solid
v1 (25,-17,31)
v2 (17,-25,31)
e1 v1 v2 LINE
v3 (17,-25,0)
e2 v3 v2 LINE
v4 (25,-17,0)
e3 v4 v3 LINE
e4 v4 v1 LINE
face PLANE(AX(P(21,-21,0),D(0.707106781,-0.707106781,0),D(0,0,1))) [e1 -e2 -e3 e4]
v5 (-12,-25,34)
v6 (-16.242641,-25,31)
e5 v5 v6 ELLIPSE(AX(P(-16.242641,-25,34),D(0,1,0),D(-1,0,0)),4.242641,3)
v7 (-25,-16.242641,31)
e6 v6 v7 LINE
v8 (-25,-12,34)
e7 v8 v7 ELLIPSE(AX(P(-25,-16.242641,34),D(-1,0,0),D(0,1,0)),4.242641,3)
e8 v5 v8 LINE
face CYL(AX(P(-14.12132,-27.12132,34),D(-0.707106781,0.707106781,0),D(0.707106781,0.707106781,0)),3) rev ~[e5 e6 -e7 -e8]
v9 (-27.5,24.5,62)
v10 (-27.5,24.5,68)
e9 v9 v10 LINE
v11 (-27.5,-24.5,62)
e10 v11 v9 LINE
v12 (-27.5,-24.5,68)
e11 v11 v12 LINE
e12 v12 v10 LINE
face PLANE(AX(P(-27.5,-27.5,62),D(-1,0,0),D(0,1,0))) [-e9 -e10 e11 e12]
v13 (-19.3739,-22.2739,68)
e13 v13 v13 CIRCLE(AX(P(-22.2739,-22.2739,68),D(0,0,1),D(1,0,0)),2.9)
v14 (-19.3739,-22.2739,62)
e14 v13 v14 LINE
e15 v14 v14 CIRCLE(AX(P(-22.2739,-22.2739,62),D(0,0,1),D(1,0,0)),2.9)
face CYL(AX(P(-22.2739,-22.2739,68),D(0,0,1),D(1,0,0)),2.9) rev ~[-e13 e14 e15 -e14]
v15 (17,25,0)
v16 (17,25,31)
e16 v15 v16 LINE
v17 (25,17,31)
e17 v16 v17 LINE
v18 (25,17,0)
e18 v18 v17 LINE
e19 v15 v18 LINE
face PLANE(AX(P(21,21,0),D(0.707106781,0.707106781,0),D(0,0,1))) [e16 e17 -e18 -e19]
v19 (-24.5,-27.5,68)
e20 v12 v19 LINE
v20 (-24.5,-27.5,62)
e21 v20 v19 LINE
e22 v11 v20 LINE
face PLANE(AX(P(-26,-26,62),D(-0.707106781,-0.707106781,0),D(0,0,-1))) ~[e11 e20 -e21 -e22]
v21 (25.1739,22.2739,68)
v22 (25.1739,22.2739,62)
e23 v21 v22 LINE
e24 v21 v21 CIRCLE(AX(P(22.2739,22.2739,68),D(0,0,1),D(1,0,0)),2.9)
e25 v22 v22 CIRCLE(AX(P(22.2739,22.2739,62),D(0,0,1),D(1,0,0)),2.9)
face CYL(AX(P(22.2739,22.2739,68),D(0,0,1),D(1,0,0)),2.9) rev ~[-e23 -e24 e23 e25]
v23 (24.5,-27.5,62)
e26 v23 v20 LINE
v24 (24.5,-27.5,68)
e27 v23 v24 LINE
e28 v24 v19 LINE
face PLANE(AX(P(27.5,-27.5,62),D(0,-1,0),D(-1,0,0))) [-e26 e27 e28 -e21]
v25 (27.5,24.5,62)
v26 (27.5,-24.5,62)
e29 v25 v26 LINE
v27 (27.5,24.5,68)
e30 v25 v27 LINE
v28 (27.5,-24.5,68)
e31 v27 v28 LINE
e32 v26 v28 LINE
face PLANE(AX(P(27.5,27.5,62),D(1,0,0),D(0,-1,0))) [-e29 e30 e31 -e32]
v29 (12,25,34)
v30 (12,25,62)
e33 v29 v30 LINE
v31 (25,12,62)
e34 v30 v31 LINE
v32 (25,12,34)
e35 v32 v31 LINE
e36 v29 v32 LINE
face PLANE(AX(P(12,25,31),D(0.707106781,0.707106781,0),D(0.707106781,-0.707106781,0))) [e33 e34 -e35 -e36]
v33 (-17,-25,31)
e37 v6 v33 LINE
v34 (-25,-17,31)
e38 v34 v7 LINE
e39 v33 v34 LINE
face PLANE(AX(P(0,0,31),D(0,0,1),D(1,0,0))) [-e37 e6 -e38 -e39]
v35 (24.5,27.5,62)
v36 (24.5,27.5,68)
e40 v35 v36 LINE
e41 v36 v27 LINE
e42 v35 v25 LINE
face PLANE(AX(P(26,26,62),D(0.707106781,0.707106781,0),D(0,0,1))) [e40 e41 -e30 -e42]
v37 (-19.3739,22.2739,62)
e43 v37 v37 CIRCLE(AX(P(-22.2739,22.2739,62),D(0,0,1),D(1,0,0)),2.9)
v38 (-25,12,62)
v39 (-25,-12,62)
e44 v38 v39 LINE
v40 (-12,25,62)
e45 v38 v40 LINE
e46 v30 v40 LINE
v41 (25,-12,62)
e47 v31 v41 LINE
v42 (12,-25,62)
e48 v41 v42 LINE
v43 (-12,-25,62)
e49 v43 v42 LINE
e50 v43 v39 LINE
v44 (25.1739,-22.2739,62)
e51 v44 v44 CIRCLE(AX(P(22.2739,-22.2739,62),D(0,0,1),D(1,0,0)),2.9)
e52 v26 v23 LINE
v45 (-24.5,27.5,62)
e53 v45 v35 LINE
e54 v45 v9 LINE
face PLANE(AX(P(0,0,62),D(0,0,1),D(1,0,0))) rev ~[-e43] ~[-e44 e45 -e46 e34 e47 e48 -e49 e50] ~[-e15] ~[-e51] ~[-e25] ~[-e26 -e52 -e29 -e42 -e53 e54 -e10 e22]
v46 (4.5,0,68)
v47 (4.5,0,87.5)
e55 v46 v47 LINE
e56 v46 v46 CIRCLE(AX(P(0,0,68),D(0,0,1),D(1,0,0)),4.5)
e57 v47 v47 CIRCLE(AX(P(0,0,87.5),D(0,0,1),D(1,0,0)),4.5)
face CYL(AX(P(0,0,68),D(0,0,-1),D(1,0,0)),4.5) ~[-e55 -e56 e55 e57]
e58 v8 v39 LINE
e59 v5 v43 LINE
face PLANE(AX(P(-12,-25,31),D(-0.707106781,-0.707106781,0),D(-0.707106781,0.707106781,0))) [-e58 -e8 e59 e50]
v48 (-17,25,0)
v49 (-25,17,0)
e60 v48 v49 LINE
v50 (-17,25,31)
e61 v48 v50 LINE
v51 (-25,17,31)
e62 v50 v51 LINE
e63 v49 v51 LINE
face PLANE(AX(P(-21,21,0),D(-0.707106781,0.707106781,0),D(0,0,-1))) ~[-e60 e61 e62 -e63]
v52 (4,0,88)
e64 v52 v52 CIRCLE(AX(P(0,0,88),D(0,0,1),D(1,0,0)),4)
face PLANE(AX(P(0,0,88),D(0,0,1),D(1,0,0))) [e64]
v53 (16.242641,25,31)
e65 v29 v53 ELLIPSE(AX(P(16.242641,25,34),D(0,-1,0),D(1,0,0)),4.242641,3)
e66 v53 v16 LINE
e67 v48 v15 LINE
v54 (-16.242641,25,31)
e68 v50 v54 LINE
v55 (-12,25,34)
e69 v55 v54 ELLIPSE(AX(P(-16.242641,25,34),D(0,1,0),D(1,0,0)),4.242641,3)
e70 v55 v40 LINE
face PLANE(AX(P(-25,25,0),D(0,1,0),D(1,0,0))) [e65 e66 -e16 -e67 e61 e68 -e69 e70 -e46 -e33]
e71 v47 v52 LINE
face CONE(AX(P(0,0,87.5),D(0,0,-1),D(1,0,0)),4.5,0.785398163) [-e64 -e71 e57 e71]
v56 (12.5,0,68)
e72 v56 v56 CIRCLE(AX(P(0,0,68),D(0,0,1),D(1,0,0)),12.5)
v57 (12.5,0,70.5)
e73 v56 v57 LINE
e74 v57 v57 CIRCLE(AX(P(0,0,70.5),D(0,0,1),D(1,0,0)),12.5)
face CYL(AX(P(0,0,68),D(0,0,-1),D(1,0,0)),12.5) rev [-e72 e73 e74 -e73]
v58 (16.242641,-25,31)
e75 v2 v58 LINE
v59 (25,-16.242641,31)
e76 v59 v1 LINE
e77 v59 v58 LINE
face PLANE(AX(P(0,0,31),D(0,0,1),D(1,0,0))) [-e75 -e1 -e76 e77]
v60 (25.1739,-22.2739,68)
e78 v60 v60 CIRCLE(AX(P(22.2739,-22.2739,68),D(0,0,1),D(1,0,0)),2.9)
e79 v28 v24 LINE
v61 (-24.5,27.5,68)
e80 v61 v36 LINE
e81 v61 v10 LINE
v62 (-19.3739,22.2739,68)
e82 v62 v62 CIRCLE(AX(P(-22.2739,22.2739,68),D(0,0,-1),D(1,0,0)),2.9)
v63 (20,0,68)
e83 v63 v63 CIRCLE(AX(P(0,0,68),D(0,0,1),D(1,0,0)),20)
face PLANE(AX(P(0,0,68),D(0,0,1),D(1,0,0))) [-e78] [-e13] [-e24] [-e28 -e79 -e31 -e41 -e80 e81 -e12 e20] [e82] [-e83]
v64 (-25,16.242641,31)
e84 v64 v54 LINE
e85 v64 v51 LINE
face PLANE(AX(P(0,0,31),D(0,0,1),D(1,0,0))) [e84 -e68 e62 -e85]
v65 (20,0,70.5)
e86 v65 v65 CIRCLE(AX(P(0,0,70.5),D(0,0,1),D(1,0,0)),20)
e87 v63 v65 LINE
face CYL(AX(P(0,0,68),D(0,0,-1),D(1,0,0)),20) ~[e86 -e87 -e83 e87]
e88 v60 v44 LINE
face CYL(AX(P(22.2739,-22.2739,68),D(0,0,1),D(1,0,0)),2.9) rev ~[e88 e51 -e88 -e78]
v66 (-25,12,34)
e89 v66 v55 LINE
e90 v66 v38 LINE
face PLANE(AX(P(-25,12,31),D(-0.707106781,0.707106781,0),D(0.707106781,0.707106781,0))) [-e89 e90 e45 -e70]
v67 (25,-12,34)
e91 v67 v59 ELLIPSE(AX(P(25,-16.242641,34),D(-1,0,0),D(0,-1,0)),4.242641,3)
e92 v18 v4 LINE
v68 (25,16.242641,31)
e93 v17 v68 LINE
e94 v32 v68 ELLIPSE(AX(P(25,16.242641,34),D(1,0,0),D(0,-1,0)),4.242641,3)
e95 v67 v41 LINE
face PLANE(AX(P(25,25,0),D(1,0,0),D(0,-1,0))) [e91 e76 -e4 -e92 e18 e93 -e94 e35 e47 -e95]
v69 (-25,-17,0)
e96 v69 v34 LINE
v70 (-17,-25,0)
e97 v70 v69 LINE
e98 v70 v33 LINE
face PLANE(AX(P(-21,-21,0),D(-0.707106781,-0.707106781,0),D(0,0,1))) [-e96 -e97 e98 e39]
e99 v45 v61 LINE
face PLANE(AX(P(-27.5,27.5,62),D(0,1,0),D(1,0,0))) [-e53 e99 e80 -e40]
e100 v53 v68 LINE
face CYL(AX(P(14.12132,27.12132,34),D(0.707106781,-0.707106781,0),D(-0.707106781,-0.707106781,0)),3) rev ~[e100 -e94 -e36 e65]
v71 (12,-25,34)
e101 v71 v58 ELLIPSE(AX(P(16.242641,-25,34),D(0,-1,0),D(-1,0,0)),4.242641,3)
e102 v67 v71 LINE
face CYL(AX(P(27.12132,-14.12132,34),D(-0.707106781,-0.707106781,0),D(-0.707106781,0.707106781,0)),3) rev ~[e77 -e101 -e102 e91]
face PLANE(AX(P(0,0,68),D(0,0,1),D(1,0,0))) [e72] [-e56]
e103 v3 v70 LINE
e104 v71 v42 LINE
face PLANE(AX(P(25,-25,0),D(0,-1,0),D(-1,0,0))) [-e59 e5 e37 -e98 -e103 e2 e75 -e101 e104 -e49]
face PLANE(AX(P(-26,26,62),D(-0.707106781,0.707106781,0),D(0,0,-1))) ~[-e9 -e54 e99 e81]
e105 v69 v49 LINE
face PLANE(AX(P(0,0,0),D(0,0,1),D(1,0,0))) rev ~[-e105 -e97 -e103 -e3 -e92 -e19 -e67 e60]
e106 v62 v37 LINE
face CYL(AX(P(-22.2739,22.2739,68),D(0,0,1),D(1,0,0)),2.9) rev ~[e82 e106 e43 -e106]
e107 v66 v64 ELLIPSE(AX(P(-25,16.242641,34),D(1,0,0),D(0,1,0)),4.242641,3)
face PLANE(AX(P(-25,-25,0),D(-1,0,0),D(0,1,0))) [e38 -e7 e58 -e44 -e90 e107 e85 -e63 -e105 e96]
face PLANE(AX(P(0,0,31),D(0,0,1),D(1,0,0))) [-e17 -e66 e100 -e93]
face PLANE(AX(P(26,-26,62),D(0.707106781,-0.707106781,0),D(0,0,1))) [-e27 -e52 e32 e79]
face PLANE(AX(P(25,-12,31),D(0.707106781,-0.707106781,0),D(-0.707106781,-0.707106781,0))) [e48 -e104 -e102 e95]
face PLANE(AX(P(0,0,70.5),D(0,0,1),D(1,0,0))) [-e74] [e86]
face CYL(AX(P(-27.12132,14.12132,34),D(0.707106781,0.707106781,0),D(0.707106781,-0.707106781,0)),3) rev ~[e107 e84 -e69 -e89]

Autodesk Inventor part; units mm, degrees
ref_plane "YZ Plane" through (0, 0, 0) normal (1, 0, 0) x (0, 1, 0)
ref_plane "XZ Plane" through (0, 0, 0) normal (0, 1, 0) x (-1, 0, 0)
ref_plane "XY Plane" through (0, 0, 0) normal (0, 0, 1) x (1, 0, 0)
sketch "Esquisse1" plane through (0, 0, 0) normal (0, 0, 1) x (1, 0, 0)
  line L0 (-25, 25) -> (25, 25)
  line L1 (25, 25) -> (25, -25)
  line L2 (25, -25) -> (-25, -25)
  line L3 (-25, -25) -> (-25, 25)
  point P0 (0, 0)
  dimension "d0" = 50
  dimension "d1" = 25
  dimension "d2" = 50
  dimension "d3" = 25
extrude "Extrusion1" add sketch "Esquisse1" along normal blind 31
chamfer "Chanfrein1" distance 8 angle 45 4 edges at (25, 25, 15.5) (-25, 25, 15.5) (-25, -25, 15.5) (25, -25, 15.5)
sketch "Esquisse4" plane through (0, 0, 31) normal (0, 0, 1) x (1, 0, 0)
  line L0 (17, 25) -> (-17, 25) projected
  line L1 (-12, 25) -> (12, 25)
  line L2 (25, 17) -> (25, -17) projected
  line L3 (25, 12) -> (25, -12)
  line L4 (-17, -25) -> (17, -25) projected
  line L5 (12, -25) -> (-12, -25)
  line L6 (-25, 17) -> (-25, -17) projected
  line L7 (-25, -12) -> (-25, 12)
  line L8 (-25, 12) -> (-12, 25)
  line L9 (12, 25) -> (25, 12)
  line L10 (17, 25) -> (25, 17) projected
  line L11 (25, -12) -> (12, -25)
  line L12 (-12, -25) -> (-25, -12)
  point P0 (0, 0)
  dimension "d11" = 24
  dimension "d12" = 24
  dimension "d13" = 24
  dimension "d14" = 24
  dimension "d15" = 12
  dimension "d16" = 12
extrude "Extrusion3" add sketch "Esquisse4" along normal blind 31 contours L9 L2 L11 L4 L12 L6 L8 L0
sketch "Esquisse5" plane through (0, 0, 62) normal (0, 0, 1) x (1, 0, 0)
  line L0 (-27.5, 27.5) -> (27.5, 27.5)
  line L1 (27.5, 27.5) -> (27.5, -27.5)
  line L2 (27.5, -27.5) -> (-27.5, -27.5)
  line L3 (-27.5, -27.5) -> (-27.5, 27.5)
  point P0 (0, 0)
  dimension "d19" = 55
  dimension "d20" = 55
  dimension "d21" = 27.5
  dimension "d22" = 27.5
extrude "Extrusion4" add sketch "Esquisse5" along normal blind 6
sketch "Esquisse6" plane through (0, 0, 68) normal (0, 0, 1) x (1, 0, 0)
  circle A0 centre (0, 0) radius 20
  circle A1 centre (0, 0) radius 12.5
  dimension "d25" = 40
  dimension "d26" = 25
extrude "Extrusion5" add sketch "Esquisse6" along normal blind 2.5
sketch "Esquisse7" plane through (0, 0, 68) normal (0, 0, 1) x (1, 0, 0)
  circle A0 centre (0, 0) radius 4.5
  dimension "d29" = 9
extrude "Extrusion6" add sketch "Esquisse7" along normal blind 20
sketch "Esquisse8" plane through (0, 0, 68) normal (0, 0, 1) x (1, 0, 0)
  circle A0 centre (-22.2739, 22.2739) radius 2.9
  line L0 (-22.2739, 22.2739) -> (-27.5, 22.2739)
  line L1 (-27.5, 27.5) -> (-27.5, -27.5) projected
  line L2 (-22.2739, 22.2739) -> (-22.2739, 27.5)
  line L3 (27.5, 27.5) -> (-27.5, 27.5) projected
  circle A1 centre (-22.2739, -22.2739) radius 2.9
  circle A2 centre (22.2739, -22.2739) radius 2.9
  circle A3 centre (22.2739, 22.2739) radius 2.9
  point P0 (0, 0)
  dimension "d32" = 5.8
  dimension "d33" = 31.5
  dimension "d36" = 360
extrude "Extrusion7" cut sketch "Esquisse8" against normal blind 6 contours A0 L0 L2 | L2 L0 A0 | A1 | A2 | A3
chamfer "Chanfrein2" distance 3 angle 45 4 edges at (-27.5, 27.5, 65) (27.5, 27.5, 65) (27.5, -27.5, 65) (-27.5, -27.5, 65)
fillet "Congé1" radius 3 4 edges at (18.5, 18.5, 31) (18.5, -18.5, 31) (-18.5, 18.5, 31) (-18.5, -18.5, 31)
chamfer "Chanfrein3" distance 0.5 angle 45 1 edges at (-4.5, 0, 88)
equation "\"d1\" = 0.5 * d0"
equation "\"d2\" = d0"
equation "\"d3\" = 0.5 * d2"
equation "\"d12\" = d11"
equation "\"d13\" = d11"
equation "\"d14\" = d11"
equation "\"d15\" = 0.5 * d14"
equation "\"d16\" = 0.5 * d11"
equation "\"d20\" = d19"
equation "\"d21\" = 0.5 * d20"
equation "\"d22\" = 0.5 * d19"
properties part number "N2-0028-30-24" material "Aluminium 6061"
